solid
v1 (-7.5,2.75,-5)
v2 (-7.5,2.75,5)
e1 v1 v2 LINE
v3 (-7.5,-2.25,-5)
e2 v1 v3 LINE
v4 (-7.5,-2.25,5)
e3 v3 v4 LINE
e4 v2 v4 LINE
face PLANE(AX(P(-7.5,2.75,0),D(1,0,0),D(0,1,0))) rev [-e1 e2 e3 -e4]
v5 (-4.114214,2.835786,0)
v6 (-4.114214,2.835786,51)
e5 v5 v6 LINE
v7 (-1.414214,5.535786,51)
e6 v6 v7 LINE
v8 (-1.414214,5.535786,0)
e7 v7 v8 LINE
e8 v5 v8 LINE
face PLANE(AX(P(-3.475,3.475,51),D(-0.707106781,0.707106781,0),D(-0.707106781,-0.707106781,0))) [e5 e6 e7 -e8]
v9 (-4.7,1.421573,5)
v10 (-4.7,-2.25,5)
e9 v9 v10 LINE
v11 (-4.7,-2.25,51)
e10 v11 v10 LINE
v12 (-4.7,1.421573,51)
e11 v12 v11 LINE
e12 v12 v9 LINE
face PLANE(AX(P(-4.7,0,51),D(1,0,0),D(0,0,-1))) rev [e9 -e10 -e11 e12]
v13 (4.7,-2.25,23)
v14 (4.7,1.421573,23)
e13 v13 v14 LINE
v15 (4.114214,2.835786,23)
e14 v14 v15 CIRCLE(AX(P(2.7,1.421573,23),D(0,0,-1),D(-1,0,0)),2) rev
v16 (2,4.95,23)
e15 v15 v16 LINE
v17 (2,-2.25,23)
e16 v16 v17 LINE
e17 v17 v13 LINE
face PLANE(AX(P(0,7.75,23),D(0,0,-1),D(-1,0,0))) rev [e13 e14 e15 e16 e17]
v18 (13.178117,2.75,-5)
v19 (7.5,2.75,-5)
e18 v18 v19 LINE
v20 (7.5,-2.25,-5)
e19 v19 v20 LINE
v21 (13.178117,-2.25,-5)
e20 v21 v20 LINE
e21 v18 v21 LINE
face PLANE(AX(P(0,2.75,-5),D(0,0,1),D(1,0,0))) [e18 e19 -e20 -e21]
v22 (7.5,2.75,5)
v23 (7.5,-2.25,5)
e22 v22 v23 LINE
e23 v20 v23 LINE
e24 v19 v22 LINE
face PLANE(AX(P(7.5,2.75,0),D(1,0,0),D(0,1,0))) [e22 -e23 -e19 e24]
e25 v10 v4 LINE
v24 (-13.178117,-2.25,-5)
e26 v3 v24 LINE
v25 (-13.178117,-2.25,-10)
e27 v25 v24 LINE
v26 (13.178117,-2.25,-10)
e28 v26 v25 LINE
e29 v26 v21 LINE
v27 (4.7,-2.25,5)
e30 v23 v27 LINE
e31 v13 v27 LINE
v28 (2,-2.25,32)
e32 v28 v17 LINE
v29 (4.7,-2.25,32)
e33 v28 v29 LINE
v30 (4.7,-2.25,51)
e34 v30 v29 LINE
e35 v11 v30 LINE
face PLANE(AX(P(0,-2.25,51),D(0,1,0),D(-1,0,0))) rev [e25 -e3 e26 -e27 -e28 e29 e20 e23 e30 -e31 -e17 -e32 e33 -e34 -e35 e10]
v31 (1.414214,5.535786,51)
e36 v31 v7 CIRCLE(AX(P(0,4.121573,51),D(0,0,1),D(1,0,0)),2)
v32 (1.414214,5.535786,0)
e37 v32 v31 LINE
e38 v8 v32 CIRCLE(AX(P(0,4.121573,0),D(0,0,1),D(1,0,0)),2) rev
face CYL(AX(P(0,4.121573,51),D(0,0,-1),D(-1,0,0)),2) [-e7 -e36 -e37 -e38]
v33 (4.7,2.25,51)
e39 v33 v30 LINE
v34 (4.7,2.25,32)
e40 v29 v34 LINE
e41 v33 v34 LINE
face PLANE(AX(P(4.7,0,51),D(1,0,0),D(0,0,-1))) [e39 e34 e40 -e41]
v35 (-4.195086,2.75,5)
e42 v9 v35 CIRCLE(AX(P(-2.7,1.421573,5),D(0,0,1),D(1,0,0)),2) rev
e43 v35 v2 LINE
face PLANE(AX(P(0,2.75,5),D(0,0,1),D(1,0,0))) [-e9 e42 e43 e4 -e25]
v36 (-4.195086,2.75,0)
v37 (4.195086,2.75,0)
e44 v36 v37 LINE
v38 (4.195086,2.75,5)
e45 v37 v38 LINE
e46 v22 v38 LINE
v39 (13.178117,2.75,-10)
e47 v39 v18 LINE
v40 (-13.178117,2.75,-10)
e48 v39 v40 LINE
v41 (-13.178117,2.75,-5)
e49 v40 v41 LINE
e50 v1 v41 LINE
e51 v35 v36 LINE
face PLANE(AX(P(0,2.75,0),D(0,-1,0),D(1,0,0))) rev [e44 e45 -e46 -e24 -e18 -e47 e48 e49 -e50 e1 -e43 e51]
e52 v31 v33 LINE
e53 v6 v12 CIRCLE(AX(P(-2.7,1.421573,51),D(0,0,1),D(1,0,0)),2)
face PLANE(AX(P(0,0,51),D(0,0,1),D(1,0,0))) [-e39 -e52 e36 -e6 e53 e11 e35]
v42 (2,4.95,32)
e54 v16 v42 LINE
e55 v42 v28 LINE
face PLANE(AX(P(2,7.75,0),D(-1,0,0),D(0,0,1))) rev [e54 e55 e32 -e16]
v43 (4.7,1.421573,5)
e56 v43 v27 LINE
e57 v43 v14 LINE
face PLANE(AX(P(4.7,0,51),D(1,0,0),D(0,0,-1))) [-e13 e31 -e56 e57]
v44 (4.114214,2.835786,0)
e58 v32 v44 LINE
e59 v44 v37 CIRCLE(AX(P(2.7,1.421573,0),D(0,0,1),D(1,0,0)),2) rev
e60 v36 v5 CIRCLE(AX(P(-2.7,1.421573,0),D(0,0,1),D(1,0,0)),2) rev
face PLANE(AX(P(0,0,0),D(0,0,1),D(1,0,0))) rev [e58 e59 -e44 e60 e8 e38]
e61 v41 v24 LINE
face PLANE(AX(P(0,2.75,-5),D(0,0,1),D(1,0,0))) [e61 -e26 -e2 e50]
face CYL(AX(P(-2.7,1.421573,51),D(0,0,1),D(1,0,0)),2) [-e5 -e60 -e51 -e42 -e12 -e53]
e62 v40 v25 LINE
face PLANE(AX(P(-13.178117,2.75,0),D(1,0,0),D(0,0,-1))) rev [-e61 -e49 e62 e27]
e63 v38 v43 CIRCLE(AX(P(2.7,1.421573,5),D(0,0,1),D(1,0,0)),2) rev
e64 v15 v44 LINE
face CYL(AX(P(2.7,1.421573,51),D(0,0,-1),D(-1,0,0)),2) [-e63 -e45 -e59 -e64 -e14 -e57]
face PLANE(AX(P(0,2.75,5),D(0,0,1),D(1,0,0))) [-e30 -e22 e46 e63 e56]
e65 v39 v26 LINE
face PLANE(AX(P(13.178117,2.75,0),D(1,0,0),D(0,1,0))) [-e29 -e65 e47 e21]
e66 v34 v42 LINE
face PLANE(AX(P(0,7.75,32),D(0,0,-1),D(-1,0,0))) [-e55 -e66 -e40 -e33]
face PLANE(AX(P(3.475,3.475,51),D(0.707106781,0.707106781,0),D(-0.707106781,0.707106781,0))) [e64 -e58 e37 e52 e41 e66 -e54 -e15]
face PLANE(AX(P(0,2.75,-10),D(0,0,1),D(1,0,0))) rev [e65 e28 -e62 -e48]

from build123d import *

# Parameters (mm, degrees)
SZKIC1_W                    = 9.4
SZKIC1_H                    = 4.5
DODANIE_WYCI_GNI_CIE1_DEPTH = 51
SZKIC2_W                    = 2.7
SZKIC2_H                    = 9
SZKIC2_W_2                  = 5.3
WYTNIJ_WYCI_GNI_CIE1_DEPTH  = 10
SZKIC4_W                    = 15
SZKIC4_H                    = 10
SZKIC4_W_2                  = 26.356233294
SZKIC4_H_2                  = 5
DODANIE_WYCI_GNI_CIE2_DEPTH = 5
ZAOKR_GLENIE1_R             = 2


with BuildPart() as part:
    # Szkic1 → Dodanie-wyciągnięcie1 (new body)
    with BuildSketch(Plane.XY):
        Polygon((0, 6.95), (4.7, 2.25), (-4.7, 2.25), align=None)
        Rectangle(SZKIC1_W, SZKIC1_H)
    extrude(amount=DODANIE_WYCI_GNI_CIE1_DEPTH)

    # Szkic2 → Wytnij-wyciągnięcie1 (cut)
    with BuildSketch(Plane.XZ.offset(2.25)):
        with Locations((3.35, 27.5)):
            Rectangle(SZKIC2_W, SZKIC2_H)
        with Locations((7.35, 27.5)):
            Rectangle(SZKIC2_W_2, SZKIC2_H)
    extrude(amount=-WYTNIJ_WYCI_GNI_CIE1_DEPTH, mode=Mode.SUBTRACT)

    # Szkic4 → Dodanie-wyciągnięcie2 (add)
    with BuildSketch(Plane.XZ.offset(2.25)):
        Rectangle(SZKIC4_W, SZKIC4_H)
        with Locations((0, -7.5)):
            Rectangle(SZKIC4_W_2, SZKIC4_H_2)
    extrude(amount=-DODANIE_WYCI_GNI_CIE2_DEPTH)

    # Zaokrąglenie1
    zaokr_glenie1_edges = [part.edges().sort_by_distance(p)[0] for p in [
        (4.7, 2.25, 14),
        (-4.7, 2.25, 28),
        (0, 6.95, 25.5),
    ]]
    fillet(zaokr_glenie1_edges, radius=ZAOKR_GLENIE1_R)


solid = part.part
